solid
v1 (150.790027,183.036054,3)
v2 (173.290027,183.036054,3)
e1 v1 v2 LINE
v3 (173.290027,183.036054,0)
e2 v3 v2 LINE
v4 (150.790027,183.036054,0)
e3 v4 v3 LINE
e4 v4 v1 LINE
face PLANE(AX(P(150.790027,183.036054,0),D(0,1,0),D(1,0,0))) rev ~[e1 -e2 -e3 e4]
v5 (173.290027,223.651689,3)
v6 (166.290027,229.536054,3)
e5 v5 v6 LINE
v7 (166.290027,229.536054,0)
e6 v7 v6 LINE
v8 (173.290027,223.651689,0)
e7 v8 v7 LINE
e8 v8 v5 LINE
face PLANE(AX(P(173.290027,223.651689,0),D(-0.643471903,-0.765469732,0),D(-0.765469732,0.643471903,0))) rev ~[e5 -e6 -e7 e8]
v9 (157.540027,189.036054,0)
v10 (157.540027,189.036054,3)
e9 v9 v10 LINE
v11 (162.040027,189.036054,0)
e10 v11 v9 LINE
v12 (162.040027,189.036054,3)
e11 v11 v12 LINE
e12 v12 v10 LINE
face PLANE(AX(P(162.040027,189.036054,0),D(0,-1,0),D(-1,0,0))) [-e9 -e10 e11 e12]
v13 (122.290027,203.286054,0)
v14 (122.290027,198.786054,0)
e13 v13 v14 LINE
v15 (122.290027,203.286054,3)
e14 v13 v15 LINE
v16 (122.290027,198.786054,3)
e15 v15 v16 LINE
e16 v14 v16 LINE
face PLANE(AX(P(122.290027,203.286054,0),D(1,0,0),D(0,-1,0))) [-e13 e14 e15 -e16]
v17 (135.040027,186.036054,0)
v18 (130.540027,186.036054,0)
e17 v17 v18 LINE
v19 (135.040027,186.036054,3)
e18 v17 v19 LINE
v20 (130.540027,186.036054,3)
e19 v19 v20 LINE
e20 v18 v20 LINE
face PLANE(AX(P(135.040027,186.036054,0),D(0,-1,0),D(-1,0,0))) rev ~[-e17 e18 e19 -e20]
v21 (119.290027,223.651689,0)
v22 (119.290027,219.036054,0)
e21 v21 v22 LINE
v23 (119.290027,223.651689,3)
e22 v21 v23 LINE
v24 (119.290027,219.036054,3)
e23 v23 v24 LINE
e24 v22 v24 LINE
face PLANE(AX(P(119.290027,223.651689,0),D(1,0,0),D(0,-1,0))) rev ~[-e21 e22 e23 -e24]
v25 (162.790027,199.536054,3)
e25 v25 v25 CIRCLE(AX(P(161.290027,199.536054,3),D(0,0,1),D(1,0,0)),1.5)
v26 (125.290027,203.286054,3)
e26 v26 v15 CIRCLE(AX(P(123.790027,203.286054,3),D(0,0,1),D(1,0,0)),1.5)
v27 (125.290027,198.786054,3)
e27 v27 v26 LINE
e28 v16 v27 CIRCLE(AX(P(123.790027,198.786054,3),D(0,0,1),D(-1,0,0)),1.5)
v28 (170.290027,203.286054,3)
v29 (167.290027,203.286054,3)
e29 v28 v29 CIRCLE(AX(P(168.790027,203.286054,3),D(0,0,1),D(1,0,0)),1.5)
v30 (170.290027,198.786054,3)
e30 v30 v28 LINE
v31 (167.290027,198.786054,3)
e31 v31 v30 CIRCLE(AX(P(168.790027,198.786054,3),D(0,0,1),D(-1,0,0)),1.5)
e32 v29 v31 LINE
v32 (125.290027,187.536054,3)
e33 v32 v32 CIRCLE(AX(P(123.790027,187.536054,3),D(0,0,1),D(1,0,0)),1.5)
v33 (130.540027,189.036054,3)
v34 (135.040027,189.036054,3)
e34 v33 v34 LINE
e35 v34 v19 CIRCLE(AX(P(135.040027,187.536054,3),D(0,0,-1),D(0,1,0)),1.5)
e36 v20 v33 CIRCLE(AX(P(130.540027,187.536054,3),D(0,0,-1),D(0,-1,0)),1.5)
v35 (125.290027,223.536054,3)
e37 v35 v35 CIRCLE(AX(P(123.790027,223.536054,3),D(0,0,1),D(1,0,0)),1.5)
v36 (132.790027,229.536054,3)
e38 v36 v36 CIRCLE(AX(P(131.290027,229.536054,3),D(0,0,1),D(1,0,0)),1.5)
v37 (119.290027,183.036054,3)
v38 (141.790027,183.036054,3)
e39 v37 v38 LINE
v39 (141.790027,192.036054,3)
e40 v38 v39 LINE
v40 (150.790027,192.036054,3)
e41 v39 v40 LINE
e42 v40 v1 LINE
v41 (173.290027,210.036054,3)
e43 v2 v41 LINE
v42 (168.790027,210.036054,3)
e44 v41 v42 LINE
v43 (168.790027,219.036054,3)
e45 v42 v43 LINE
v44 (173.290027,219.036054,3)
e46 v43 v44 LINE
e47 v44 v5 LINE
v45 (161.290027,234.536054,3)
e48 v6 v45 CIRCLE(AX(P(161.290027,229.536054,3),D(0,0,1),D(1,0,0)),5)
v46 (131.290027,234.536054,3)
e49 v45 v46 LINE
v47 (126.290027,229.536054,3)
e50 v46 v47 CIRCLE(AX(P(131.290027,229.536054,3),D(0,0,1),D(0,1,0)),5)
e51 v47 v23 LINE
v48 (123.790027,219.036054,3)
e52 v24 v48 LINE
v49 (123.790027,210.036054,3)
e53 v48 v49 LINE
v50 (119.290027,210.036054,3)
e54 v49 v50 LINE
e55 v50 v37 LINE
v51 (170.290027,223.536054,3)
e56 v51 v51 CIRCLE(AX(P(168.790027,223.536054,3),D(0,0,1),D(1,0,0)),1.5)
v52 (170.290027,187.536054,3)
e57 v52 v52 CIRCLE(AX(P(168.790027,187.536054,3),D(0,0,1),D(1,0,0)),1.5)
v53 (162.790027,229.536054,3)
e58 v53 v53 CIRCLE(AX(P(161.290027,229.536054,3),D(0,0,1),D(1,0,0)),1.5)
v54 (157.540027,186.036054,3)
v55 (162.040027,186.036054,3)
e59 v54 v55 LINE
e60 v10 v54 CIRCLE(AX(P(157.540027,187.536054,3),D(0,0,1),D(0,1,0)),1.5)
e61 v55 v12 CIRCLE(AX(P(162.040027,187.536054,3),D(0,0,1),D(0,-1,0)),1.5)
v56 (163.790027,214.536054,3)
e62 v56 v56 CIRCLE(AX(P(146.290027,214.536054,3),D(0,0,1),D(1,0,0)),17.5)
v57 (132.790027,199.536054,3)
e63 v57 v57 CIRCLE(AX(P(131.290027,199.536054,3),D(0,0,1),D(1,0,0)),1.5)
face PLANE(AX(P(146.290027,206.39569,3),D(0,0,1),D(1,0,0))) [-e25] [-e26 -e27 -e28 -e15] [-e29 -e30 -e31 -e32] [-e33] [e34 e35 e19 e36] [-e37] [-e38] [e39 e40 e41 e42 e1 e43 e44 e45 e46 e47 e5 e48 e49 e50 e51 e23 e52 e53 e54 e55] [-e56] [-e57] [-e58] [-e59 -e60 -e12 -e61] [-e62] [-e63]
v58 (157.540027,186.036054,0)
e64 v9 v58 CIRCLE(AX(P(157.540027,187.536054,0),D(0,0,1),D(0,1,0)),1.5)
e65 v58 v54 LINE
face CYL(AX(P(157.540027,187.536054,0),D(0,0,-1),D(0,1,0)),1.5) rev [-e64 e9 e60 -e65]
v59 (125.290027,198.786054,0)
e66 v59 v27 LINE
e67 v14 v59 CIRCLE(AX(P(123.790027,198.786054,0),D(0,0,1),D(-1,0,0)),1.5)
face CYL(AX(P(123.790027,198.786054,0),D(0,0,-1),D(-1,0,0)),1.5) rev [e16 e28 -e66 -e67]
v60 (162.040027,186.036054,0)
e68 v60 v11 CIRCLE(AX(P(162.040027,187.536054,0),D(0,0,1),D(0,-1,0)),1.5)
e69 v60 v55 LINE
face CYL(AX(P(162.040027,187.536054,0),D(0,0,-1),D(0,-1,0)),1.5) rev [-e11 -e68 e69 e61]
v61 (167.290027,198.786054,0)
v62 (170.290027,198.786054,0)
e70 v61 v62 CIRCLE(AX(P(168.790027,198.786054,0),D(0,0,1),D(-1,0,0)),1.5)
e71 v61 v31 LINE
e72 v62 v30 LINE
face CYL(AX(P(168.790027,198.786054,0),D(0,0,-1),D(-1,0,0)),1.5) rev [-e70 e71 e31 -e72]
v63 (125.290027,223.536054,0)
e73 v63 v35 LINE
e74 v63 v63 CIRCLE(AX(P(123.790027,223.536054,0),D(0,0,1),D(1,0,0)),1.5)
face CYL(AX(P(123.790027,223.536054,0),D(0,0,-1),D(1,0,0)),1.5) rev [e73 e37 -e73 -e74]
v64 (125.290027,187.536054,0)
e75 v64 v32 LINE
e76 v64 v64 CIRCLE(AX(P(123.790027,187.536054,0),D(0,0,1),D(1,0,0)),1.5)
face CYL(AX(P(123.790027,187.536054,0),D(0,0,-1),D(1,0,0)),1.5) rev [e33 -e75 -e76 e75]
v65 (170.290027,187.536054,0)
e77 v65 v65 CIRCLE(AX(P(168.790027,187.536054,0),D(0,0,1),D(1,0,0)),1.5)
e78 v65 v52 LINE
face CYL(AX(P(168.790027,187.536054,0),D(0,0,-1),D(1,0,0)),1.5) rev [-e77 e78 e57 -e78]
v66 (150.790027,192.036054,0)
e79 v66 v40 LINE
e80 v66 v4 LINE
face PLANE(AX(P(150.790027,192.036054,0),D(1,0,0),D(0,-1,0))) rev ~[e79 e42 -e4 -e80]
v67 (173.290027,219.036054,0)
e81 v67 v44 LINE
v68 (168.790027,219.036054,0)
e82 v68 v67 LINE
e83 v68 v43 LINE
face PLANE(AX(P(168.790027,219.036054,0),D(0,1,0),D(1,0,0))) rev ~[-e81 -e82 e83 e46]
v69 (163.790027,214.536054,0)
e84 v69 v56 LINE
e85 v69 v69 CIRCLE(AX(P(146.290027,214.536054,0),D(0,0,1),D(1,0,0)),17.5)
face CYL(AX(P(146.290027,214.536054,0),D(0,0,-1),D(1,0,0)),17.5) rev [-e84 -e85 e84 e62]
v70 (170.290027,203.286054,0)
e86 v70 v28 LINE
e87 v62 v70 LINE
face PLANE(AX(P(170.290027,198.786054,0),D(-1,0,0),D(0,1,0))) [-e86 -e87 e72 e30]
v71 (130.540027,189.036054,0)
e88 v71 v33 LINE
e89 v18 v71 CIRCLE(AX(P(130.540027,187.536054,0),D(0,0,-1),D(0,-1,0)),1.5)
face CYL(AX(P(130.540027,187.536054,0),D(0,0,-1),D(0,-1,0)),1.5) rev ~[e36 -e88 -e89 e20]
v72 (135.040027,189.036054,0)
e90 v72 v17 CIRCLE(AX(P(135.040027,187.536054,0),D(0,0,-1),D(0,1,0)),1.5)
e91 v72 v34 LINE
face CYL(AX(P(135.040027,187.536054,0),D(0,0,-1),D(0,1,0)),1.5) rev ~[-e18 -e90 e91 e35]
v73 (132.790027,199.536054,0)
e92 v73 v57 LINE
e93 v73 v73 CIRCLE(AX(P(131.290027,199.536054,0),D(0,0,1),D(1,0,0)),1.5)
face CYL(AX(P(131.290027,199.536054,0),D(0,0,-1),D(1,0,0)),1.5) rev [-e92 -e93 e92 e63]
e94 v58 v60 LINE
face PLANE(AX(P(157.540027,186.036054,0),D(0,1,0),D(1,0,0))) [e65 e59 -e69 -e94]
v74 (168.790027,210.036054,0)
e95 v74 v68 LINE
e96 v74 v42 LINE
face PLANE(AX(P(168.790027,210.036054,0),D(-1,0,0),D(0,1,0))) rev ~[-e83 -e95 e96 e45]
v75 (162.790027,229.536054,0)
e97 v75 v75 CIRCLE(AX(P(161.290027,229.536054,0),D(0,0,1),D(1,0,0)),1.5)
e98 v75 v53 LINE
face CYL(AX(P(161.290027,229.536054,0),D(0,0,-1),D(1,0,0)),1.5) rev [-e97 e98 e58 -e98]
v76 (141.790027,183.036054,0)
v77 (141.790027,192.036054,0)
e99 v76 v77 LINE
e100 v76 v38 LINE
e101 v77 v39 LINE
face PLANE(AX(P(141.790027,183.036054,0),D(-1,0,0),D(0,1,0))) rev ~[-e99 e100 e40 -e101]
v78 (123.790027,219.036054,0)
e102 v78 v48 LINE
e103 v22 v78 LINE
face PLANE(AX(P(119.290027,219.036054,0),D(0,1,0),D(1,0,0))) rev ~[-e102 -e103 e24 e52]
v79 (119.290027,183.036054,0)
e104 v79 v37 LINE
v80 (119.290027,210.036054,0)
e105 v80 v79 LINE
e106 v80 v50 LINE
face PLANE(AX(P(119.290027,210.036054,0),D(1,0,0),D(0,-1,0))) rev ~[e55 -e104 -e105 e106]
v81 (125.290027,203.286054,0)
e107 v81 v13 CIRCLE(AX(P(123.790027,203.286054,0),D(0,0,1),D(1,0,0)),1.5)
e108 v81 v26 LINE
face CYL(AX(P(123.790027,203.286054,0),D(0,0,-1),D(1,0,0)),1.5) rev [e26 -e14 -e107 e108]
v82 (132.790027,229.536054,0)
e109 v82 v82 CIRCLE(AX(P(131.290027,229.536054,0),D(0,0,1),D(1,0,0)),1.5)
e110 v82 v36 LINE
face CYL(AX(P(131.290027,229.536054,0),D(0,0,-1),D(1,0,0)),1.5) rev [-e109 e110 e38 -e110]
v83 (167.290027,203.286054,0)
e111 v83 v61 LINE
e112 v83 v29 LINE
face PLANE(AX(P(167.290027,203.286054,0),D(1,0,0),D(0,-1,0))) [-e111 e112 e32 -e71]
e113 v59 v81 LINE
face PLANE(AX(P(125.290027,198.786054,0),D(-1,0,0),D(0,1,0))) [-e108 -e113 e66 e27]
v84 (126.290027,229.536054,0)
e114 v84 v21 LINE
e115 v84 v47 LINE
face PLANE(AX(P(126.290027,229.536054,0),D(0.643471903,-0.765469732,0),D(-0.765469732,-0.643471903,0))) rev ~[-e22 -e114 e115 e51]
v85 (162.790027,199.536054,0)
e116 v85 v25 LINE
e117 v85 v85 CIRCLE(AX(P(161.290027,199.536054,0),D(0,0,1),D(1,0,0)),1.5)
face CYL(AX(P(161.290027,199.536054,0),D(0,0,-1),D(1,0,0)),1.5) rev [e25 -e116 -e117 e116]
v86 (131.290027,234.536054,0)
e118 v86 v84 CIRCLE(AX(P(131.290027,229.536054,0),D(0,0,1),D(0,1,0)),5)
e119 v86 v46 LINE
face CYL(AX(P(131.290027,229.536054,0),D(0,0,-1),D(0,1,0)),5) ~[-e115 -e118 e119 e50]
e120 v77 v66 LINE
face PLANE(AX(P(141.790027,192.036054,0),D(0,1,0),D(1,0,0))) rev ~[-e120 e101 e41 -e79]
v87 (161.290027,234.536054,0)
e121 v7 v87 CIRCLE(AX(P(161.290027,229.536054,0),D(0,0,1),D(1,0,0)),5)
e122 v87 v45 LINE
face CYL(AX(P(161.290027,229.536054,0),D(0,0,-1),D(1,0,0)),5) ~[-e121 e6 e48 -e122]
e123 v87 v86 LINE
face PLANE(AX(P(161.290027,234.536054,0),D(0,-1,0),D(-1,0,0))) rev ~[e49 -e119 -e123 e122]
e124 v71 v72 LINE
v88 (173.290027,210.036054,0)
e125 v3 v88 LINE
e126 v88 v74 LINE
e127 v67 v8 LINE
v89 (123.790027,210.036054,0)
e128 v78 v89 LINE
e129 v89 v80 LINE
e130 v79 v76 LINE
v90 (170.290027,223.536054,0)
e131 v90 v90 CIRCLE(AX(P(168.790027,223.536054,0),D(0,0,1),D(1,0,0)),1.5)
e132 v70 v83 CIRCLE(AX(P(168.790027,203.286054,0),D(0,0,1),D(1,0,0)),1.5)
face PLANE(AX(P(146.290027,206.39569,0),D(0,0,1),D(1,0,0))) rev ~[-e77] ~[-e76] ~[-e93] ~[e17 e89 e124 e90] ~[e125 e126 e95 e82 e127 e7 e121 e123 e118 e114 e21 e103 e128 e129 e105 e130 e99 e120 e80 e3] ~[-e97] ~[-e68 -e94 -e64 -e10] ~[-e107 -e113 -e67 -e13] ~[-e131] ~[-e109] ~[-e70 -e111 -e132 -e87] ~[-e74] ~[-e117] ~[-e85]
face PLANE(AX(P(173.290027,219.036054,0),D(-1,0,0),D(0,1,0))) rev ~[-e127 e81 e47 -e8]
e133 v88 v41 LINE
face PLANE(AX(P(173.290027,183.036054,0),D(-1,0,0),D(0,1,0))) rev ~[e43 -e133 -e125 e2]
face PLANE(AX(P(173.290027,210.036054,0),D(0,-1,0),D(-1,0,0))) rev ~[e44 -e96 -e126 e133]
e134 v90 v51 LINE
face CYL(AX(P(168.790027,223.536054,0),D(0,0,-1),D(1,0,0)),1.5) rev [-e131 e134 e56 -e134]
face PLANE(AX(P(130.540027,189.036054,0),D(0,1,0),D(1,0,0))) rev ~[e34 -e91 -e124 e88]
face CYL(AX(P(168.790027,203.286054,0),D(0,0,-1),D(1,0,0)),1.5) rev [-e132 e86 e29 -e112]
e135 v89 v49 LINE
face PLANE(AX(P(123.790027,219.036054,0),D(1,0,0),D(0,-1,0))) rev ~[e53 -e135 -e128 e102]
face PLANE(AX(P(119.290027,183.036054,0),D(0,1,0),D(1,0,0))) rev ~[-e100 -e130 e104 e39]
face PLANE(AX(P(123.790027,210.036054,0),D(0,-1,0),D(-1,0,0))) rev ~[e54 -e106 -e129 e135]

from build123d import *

# Parameters (mm, degrees)
MODEL_R                 = 17.5
MODEL_R_2               = 1.5
SALIENTE_EXTRUIR1_DEPTH = 3


with BuildPart() as part:
    # Model → Saliente-Extruir1 (new body)
    with BuildSketch(Plane.XY):
        with BuildLine():
            Line((119.290027295, 223.651688958), (119.290027295, 219.036053988))
            Line((119.290027295, 219.036053988), (123.790027295, 219.036053988))
            Line((123.790027295, 219.036053988), (123.790027295, 210.036053988))
            Line((123.790027295, 210.036053988), (119.290027295, 210.036053988))
            Line((119.290027295, 210.036053988), (119.290027295, 183.036053988))
            Line((119.290027295, 183.036053988), (141.790027295, 183.036053988))
            Line((141.790027295, 183.036053988), (141.790027295, 192.036053988))
            Line((141.790027295, 192.036053988), (150.790027295, 192.036053988))
            Line((150.790027295, 192.036053988), (150.790027295, 183.036053988))
            Line((150.790027295, 183.036053988), (173.290027295, 183.036053988))
            Line((173.290027295, 183.036053988), (173.290027295, 210.036053988))
            Line((173.290027295, 210.036053988), (168.790027295, 210.036053988))
            Line((168.790027295, 210.036053988), (168.790027295, 219.036053988))
            Line((168.790027295, 219.036053988), (173.290027295, 219.036053988))
            Line((173.290027295, 219.036053988), (173.290027295, 223.651688958))
            Line((173.290027295, 223.651688958), (166.290027295, 229.536053988))
            ThreePointArc((166.290027295, 229.536053988), (164.825561201, 233.071587894), (161.290027295, 234.536053988))
            Line((161.290027295, 234.536053988), (131.290027295, 234.536053988))
            ThreePointArc((131.290027295, 234.536053988), (127.754493389, 233.071587894), (126.290027295, 229.536053988))
            Line((126.290027295, 229.536053988), (119.290027295, 223.651688958))
        make_face()
        with Locations((146.290027295, 214.536053988)):
            Circle(MODEL_R, mode=Mode.SUBTRACT)
        with Locations((168.790027295, 223.536053988)):
            Circle(MODEL_R_2, mode=Mode.SUBTRACT)
        with Locations((161.290027295, 229.536053988)):
            Circle(MODEL_R_2, mode=Mode.SUBTRACT)
        with Locations((168.790027295, 187.536053988)):
            Circle(MODEL_R_2, mode=Mode.SUBTRACT)
        with Locations((161.290027295, 199.536053988)):
            Circle(MODEL_R_2, mode=Mode.SUBTRACT)
        with Locations((123.790027295, 223.536053988)):
            Circle(MODEL_R_2, mode=Mode.SUBTRACT)
        with Locations((131.290027295, 229.536053988)):
            Circle(MODEL_R_2, mode=Mode.SUBTRACT)
        with Locations((131.290027295, 199.536053988)):
            Circle(MODEL_R_2, mode=Mode.SUBTRACT)
        with Locations((123.790027295, 187.536053988)):
            Circle(MODEL_R_2, mode=Mode.SUBTRACT)
        with BuildLine():
            Line((122.290027295, 203.286053988), (122.290027295, 198.786053988))
            ThreePointArc((122.290027295, 198.786053988), (123.790027295, 197.286053988), (125.290027295, 198.786053988))
            Line((125.290027295, 198.786053988), (125.290027295, 203.286053988))
            ThreePointArc((125.290027295, 203.286053988), (123.790027295, 204.786053988), (122.290027295, 203.286053988))
        make_face(mode=Mode.SUBTRACT)
        with BuildLine():
            Line((167.290027295, 203.286053988), (167.290027295, 198.786053988))
            ThreePointArc((167.290027295, 198.786053988), (168.790027295, 197.286053988), (170.290027295, 198.786053988))
            Line((170.290027295, 198.786053988), (170.290027295, 203.286053988))
            ThreePointArc((170.290027295, 203.286053988), (168.790027295, 204.786053988), (167.290027295, 203.286053988))
        make_face(mode=Mode.SUBTRACT)
        with BuildLine():
            Line((162.040027295, 189.036053988), (157.540027295, 189.036053988))
            ThreePointArc((157.540027295, 189.036053988), (156.040027295, 187.536053988), (157.540027295, 186.036053988))
            Line((157.540027295, 186.036053988), (162.040027295, 186.036053988))
            ThreePointArc((162.040027295, 186.036053988), (163.540027295, 187.536053988), (162.040027295, 189.036053988))
        make_face(mode=Mode.SUBTRACT)
        with BuildLine():
            Line((135.040027295, 186.036053988), (130.540027295, 186.036053988))
            ThreePointArc((130.540027295, 186.036053988), (129.040027295, 187.536053988), (130.540027295, 189.036053988))
            Line((130.540027295, 189.036053988), (135.040027295, 189.036053988))
            ThreePointArc((135.040027295, 189.036053988), (136.540027295, 187.536053988), (135.040027295, 186.036053988))
        make_face(mode=Mode.SUBTRACT)
    extrude(amount=SALIENTE_EXTRUIR1_DEPTH)


solid = part.part
